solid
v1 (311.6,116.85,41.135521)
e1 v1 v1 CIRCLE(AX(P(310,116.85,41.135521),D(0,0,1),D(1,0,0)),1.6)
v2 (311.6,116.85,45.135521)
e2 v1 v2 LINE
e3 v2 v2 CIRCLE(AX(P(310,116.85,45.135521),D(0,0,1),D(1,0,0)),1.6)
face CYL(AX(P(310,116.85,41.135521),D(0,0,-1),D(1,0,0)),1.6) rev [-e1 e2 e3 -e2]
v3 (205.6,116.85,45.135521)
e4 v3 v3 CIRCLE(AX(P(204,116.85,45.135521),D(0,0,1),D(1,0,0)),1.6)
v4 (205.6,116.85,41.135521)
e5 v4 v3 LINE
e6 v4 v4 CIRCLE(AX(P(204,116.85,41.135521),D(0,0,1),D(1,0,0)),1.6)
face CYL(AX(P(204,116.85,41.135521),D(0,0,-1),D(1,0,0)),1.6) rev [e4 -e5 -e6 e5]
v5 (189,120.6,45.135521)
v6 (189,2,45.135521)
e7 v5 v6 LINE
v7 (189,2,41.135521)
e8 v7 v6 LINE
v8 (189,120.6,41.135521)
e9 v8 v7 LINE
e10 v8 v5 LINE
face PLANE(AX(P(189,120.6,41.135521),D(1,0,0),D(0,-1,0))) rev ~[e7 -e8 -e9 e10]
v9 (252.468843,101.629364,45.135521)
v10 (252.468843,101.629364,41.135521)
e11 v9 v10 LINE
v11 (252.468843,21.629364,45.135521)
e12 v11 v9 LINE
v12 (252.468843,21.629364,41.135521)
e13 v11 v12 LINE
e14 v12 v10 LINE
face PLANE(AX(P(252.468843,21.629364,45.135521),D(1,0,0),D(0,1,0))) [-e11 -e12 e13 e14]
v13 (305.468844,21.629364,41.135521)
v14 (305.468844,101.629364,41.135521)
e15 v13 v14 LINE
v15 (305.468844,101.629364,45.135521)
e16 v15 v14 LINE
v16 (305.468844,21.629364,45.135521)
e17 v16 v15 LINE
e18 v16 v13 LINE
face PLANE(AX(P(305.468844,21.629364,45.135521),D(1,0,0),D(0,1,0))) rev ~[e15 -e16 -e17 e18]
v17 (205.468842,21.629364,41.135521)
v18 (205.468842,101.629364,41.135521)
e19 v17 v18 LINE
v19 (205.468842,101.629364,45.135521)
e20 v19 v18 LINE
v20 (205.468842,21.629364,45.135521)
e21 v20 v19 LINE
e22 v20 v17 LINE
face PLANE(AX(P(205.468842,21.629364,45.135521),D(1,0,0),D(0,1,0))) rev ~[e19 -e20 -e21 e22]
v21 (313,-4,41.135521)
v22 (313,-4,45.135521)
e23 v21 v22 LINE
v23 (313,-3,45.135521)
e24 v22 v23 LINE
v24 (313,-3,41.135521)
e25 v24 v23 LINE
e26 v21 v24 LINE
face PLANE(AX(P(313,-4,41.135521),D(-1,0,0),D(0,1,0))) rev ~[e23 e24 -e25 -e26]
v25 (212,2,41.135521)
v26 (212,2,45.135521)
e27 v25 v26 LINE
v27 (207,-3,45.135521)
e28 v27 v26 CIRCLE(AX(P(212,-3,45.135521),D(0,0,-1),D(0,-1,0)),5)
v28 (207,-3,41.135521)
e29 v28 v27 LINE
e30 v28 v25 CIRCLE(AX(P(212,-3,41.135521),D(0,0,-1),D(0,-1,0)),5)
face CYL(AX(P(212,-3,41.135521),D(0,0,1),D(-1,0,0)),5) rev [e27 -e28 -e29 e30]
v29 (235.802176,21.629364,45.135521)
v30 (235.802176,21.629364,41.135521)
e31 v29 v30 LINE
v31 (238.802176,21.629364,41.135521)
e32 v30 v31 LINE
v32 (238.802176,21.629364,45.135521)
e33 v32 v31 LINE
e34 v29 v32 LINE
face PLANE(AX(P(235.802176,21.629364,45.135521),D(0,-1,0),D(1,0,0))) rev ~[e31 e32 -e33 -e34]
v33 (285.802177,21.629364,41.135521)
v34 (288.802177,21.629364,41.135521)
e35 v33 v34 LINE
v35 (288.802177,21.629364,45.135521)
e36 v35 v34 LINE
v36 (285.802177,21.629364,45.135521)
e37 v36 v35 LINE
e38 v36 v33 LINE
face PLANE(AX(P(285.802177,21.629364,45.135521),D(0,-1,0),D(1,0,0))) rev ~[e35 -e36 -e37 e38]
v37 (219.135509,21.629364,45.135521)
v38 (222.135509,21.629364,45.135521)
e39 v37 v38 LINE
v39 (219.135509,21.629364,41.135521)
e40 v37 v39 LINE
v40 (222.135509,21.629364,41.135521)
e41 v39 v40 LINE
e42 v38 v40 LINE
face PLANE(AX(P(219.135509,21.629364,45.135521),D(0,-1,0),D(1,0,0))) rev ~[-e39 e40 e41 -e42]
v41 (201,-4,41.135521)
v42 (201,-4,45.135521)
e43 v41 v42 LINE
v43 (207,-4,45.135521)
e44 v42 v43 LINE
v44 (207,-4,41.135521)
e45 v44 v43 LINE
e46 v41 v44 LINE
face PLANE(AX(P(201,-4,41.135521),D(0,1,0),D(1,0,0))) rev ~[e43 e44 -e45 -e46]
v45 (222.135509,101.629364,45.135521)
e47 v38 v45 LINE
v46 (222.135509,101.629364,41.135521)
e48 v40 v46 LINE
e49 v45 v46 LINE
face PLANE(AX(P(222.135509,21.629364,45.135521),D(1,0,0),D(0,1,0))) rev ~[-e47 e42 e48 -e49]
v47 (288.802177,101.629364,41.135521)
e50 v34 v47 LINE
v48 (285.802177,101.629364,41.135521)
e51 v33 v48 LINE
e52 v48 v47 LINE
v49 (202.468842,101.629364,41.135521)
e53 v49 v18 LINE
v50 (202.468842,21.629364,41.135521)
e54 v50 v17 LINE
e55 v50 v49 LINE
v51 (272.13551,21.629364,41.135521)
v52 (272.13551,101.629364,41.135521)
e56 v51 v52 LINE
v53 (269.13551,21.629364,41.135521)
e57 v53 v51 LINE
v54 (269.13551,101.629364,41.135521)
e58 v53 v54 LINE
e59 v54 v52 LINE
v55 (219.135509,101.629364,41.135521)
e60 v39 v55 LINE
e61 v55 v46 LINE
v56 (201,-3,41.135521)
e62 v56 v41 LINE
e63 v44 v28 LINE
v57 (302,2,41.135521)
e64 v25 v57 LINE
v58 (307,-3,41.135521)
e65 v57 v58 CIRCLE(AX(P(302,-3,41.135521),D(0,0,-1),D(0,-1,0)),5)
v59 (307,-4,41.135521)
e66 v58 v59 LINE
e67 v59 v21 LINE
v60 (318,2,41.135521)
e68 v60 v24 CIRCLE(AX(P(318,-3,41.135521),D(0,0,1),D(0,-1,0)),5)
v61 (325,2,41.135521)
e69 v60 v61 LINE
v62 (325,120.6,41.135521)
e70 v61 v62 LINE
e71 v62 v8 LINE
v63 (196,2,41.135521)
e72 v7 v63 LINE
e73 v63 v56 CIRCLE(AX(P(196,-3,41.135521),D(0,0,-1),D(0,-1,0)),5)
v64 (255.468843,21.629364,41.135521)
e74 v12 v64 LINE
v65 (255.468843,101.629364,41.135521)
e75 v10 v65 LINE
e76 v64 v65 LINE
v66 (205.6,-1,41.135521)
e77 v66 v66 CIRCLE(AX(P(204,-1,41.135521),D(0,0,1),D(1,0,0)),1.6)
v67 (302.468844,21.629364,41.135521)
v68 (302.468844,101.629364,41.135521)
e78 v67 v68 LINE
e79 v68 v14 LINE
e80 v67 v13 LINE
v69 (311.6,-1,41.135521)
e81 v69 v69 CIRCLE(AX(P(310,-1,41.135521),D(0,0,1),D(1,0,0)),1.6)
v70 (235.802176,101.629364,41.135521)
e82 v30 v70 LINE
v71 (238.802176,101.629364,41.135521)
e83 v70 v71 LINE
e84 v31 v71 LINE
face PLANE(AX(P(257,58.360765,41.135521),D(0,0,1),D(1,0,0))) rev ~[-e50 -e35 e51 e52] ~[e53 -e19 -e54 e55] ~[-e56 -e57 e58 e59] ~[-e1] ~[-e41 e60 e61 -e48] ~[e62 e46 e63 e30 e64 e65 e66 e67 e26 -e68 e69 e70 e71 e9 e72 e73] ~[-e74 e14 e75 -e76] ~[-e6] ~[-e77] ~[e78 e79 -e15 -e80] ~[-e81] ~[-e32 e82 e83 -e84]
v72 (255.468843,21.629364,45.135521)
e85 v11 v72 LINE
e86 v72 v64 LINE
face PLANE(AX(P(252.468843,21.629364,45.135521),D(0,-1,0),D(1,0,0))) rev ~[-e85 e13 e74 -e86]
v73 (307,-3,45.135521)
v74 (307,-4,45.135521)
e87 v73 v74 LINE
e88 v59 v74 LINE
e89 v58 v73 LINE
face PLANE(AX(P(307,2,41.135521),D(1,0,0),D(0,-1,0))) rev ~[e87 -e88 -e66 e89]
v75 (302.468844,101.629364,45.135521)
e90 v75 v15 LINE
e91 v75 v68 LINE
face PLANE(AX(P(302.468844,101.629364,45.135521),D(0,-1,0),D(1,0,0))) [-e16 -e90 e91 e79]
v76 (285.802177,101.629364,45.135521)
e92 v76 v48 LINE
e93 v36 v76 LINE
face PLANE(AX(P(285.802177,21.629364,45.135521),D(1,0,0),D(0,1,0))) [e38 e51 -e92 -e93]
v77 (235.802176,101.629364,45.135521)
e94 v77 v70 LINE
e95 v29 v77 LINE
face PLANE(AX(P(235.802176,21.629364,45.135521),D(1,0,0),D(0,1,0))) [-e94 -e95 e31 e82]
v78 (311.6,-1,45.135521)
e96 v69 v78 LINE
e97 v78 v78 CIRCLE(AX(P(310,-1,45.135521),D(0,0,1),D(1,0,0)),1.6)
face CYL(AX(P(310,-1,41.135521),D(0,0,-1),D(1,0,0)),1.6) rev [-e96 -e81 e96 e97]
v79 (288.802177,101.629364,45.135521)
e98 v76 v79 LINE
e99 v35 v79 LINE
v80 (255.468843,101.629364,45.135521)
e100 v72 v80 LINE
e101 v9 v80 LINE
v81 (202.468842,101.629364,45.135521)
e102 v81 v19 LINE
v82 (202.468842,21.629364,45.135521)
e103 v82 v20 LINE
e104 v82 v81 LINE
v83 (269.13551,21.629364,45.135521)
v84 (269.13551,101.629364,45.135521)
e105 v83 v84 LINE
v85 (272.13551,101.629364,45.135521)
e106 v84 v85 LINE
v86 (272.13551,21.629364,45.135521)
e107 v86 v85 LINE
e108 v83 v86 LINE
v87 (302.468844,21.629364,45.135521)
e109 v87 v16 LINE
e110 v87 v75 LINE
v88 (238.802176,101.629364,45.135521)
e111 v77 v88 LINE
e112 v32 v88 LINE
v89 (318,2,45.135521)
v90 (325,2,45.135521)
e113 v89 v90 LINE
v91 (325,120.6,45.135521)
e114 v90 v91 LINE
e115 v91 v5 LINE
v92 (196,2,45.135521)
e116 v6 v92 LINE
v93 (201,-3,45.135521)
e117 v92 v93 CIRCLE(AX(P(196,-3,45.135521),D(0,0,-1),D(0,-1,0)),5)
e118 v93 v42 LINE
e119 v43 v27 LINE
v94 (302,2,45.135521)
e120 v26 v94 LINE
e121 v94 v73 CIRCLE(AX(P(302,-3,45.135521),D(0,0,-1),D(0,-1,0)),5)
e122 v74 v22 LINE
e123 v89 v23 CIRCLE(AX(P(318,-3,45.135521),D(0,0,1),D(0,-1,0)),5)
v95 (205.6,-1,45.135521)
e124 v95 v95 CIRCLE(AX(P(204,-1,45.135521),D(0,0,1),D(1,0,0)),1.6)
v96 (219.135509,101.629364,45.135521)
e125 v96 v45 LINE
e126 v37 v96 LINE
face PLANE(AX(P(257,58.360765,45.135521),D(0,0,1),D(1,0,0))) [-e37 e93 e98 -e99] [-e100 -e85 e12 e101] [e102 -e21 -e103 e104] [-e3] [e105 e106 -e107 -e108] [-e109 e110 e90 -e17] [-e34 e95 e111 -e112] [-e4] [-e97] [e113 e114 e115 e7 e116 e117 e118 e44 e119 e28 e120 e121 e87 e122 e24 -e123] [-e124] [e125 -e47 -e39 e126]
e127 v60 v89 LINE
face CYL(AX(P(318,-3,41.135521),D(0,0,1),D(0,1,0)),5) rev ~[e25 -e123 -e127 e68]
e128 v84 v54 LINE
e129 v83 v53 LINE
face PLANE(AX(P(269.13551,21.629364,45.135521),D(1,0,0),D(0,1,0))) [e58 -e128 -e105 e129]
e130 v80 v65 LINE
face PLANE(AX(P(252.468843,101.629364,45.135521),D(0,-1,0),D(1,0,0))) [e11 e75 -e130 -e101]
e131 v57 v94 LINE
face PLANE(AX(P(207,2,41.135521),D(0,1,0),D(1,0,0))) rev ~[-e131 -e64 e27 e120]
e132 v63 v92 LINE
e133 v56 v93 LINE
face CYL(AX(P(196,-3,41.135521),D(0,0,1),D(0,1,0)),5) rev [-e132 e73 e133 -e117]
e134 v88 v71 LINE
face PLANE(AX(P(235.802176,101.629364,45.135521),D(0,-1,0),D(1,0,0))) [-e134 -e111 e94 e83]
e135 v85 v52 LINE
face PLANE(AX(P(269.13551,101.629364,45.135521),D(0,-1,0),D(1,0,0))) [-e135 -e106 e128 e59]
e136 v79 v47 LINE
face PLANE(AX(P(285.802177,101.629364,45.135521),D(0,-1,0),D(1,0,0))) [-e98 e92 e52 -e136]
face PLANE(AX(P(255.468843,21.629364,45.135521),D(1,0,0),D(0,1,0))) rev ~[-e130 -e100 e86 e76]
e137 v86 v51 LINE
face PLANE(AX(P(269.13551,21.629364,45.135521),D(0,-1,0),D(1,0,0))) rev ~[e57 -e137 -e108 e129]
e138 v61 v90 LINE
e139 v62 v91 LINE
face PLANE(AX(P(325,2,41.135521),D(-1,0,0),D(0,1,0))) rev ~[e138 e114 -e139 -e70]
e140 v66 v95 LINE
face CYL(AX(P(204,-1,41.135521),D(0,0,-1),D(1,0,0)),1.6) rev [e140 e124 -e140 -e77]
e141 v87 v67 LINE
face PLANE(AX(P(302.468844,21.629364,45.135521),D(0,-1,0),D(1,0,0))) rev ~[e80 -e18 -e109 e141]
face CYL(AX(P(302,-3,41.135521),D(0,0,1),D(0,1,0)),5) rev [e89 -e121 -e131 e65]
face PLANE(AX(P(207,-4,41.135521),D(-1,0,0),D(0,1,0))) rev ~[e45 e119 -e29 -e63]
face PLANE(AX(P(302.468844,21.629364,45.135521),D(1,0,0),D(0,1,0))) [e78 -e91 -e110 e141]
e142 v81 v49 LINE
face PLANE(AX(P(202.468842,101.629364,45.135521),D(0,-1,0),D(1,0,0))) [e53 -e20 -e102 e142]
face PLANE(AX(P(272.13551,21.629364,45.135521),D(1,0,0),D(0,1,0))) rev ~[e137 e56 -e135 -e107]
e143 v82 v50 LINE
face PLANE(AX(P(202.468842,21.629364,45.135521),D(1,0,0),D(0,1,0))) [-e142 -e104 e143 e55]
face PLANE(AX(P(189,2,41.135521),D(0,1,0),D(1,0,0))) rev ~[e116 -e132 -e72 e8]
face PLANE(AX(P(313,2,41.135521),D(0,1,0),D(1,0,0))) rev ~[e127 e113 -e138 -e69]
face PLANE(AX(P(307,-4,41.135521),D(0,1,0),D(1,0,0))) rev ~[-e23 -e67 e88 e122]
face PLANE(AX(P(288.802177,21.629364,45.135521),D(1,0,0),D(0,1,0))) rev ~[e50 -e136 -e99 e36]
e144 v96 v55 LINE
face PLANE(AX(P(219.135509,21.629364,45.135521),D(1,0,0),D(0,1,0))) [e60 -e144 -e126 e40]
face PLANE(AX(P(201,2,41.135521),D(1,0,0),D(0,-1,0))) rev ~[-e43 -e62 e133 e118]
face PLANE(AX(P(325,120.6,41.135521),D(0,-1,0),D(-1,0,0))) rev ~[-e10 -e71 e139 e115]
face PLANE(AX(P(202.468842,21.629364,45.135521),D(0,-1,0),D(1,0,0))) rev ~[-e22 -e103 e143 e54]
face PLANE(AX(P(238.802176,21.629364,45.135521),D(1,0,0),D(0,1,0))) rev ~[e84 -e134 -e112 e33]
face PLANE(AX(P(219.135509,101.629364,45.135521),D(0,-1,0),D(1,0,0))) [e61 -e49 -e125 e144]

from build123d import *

# Parameters (mm, degrees)
SKETCH021_R            = 1.6
PAD005_DEPTH           = 4
FILLET_R               = 5
SKETCH022_W            = 3
SKETCH022_H            = 80
POCKET010_DEPTH        = 4.001
LINEARPATTERN002_COUNT = 7
LINEARPATTERN002_PITCH = 16.666667


with BuildPart() as part:
    # Sketch021 (on Face1 of ShapeBinder002) → Pad005 (new body)
    with BuildSketch(Plane.XY.offset(41.135521)):
        Polygon((189, 120.6), (189, 2), (201, 2), (201, -4), (207, -4), (207, 2), (307, 2), (307, -4), (313, -4), (313, 2), (325, 2), (325, 120.6), align=None)
        with Locations((204, -1)):
            Circle(SKETCH021_R, mode=Mode.SUBTRACT)
        with Locations((310, -1)):
            Circle(SKETCH021_R, mode=Mode.SUBTRACT)
        with Locations((204, 116.85)):
            Circle(SKETCH021_R, mode=Mode.SUBTRACT)
        with Locations((310, 116.85)):
            Circle(SKETCH021_R, mode=Mode.SUBTRACT)
    extrude(amount=PAD005_DEPTH)

    # Fillet
    fillet_edges = [part.edges().sort_by_distance(p)[0] for p in [
        (207, 2, 43.135521),
        (201, 2, 43.135521),
        (307, 2, 43.135521),
        (313, 2, 43.135521),
    ]]
    fillet(fillet_edges, radius=FILLET_R)

    # Sketch022 (on Face5 of Fillet) → Pocket010 (cut, through all)
    with BuildSketch(Plane.XY.offset(45.135521)):
        with Locations((203.968842, 61.629364)):
            Rectangle(SKETCH022_W, SKETCH022_H)
    pocket010 = extrude(amount=-POCKET010_DEPTH, mode=Mode.SUBTRACT)

    # LinearPattern002: Pocket010 ×7
    with Locations(*[(i * LINEARPATTERN002_PITCH, 0, 0) for i in range(1, LINEARPATTERN002_COUNT)]):
        add(pocket010, mode=Mode.SUBTRACT)


solid = part.part
